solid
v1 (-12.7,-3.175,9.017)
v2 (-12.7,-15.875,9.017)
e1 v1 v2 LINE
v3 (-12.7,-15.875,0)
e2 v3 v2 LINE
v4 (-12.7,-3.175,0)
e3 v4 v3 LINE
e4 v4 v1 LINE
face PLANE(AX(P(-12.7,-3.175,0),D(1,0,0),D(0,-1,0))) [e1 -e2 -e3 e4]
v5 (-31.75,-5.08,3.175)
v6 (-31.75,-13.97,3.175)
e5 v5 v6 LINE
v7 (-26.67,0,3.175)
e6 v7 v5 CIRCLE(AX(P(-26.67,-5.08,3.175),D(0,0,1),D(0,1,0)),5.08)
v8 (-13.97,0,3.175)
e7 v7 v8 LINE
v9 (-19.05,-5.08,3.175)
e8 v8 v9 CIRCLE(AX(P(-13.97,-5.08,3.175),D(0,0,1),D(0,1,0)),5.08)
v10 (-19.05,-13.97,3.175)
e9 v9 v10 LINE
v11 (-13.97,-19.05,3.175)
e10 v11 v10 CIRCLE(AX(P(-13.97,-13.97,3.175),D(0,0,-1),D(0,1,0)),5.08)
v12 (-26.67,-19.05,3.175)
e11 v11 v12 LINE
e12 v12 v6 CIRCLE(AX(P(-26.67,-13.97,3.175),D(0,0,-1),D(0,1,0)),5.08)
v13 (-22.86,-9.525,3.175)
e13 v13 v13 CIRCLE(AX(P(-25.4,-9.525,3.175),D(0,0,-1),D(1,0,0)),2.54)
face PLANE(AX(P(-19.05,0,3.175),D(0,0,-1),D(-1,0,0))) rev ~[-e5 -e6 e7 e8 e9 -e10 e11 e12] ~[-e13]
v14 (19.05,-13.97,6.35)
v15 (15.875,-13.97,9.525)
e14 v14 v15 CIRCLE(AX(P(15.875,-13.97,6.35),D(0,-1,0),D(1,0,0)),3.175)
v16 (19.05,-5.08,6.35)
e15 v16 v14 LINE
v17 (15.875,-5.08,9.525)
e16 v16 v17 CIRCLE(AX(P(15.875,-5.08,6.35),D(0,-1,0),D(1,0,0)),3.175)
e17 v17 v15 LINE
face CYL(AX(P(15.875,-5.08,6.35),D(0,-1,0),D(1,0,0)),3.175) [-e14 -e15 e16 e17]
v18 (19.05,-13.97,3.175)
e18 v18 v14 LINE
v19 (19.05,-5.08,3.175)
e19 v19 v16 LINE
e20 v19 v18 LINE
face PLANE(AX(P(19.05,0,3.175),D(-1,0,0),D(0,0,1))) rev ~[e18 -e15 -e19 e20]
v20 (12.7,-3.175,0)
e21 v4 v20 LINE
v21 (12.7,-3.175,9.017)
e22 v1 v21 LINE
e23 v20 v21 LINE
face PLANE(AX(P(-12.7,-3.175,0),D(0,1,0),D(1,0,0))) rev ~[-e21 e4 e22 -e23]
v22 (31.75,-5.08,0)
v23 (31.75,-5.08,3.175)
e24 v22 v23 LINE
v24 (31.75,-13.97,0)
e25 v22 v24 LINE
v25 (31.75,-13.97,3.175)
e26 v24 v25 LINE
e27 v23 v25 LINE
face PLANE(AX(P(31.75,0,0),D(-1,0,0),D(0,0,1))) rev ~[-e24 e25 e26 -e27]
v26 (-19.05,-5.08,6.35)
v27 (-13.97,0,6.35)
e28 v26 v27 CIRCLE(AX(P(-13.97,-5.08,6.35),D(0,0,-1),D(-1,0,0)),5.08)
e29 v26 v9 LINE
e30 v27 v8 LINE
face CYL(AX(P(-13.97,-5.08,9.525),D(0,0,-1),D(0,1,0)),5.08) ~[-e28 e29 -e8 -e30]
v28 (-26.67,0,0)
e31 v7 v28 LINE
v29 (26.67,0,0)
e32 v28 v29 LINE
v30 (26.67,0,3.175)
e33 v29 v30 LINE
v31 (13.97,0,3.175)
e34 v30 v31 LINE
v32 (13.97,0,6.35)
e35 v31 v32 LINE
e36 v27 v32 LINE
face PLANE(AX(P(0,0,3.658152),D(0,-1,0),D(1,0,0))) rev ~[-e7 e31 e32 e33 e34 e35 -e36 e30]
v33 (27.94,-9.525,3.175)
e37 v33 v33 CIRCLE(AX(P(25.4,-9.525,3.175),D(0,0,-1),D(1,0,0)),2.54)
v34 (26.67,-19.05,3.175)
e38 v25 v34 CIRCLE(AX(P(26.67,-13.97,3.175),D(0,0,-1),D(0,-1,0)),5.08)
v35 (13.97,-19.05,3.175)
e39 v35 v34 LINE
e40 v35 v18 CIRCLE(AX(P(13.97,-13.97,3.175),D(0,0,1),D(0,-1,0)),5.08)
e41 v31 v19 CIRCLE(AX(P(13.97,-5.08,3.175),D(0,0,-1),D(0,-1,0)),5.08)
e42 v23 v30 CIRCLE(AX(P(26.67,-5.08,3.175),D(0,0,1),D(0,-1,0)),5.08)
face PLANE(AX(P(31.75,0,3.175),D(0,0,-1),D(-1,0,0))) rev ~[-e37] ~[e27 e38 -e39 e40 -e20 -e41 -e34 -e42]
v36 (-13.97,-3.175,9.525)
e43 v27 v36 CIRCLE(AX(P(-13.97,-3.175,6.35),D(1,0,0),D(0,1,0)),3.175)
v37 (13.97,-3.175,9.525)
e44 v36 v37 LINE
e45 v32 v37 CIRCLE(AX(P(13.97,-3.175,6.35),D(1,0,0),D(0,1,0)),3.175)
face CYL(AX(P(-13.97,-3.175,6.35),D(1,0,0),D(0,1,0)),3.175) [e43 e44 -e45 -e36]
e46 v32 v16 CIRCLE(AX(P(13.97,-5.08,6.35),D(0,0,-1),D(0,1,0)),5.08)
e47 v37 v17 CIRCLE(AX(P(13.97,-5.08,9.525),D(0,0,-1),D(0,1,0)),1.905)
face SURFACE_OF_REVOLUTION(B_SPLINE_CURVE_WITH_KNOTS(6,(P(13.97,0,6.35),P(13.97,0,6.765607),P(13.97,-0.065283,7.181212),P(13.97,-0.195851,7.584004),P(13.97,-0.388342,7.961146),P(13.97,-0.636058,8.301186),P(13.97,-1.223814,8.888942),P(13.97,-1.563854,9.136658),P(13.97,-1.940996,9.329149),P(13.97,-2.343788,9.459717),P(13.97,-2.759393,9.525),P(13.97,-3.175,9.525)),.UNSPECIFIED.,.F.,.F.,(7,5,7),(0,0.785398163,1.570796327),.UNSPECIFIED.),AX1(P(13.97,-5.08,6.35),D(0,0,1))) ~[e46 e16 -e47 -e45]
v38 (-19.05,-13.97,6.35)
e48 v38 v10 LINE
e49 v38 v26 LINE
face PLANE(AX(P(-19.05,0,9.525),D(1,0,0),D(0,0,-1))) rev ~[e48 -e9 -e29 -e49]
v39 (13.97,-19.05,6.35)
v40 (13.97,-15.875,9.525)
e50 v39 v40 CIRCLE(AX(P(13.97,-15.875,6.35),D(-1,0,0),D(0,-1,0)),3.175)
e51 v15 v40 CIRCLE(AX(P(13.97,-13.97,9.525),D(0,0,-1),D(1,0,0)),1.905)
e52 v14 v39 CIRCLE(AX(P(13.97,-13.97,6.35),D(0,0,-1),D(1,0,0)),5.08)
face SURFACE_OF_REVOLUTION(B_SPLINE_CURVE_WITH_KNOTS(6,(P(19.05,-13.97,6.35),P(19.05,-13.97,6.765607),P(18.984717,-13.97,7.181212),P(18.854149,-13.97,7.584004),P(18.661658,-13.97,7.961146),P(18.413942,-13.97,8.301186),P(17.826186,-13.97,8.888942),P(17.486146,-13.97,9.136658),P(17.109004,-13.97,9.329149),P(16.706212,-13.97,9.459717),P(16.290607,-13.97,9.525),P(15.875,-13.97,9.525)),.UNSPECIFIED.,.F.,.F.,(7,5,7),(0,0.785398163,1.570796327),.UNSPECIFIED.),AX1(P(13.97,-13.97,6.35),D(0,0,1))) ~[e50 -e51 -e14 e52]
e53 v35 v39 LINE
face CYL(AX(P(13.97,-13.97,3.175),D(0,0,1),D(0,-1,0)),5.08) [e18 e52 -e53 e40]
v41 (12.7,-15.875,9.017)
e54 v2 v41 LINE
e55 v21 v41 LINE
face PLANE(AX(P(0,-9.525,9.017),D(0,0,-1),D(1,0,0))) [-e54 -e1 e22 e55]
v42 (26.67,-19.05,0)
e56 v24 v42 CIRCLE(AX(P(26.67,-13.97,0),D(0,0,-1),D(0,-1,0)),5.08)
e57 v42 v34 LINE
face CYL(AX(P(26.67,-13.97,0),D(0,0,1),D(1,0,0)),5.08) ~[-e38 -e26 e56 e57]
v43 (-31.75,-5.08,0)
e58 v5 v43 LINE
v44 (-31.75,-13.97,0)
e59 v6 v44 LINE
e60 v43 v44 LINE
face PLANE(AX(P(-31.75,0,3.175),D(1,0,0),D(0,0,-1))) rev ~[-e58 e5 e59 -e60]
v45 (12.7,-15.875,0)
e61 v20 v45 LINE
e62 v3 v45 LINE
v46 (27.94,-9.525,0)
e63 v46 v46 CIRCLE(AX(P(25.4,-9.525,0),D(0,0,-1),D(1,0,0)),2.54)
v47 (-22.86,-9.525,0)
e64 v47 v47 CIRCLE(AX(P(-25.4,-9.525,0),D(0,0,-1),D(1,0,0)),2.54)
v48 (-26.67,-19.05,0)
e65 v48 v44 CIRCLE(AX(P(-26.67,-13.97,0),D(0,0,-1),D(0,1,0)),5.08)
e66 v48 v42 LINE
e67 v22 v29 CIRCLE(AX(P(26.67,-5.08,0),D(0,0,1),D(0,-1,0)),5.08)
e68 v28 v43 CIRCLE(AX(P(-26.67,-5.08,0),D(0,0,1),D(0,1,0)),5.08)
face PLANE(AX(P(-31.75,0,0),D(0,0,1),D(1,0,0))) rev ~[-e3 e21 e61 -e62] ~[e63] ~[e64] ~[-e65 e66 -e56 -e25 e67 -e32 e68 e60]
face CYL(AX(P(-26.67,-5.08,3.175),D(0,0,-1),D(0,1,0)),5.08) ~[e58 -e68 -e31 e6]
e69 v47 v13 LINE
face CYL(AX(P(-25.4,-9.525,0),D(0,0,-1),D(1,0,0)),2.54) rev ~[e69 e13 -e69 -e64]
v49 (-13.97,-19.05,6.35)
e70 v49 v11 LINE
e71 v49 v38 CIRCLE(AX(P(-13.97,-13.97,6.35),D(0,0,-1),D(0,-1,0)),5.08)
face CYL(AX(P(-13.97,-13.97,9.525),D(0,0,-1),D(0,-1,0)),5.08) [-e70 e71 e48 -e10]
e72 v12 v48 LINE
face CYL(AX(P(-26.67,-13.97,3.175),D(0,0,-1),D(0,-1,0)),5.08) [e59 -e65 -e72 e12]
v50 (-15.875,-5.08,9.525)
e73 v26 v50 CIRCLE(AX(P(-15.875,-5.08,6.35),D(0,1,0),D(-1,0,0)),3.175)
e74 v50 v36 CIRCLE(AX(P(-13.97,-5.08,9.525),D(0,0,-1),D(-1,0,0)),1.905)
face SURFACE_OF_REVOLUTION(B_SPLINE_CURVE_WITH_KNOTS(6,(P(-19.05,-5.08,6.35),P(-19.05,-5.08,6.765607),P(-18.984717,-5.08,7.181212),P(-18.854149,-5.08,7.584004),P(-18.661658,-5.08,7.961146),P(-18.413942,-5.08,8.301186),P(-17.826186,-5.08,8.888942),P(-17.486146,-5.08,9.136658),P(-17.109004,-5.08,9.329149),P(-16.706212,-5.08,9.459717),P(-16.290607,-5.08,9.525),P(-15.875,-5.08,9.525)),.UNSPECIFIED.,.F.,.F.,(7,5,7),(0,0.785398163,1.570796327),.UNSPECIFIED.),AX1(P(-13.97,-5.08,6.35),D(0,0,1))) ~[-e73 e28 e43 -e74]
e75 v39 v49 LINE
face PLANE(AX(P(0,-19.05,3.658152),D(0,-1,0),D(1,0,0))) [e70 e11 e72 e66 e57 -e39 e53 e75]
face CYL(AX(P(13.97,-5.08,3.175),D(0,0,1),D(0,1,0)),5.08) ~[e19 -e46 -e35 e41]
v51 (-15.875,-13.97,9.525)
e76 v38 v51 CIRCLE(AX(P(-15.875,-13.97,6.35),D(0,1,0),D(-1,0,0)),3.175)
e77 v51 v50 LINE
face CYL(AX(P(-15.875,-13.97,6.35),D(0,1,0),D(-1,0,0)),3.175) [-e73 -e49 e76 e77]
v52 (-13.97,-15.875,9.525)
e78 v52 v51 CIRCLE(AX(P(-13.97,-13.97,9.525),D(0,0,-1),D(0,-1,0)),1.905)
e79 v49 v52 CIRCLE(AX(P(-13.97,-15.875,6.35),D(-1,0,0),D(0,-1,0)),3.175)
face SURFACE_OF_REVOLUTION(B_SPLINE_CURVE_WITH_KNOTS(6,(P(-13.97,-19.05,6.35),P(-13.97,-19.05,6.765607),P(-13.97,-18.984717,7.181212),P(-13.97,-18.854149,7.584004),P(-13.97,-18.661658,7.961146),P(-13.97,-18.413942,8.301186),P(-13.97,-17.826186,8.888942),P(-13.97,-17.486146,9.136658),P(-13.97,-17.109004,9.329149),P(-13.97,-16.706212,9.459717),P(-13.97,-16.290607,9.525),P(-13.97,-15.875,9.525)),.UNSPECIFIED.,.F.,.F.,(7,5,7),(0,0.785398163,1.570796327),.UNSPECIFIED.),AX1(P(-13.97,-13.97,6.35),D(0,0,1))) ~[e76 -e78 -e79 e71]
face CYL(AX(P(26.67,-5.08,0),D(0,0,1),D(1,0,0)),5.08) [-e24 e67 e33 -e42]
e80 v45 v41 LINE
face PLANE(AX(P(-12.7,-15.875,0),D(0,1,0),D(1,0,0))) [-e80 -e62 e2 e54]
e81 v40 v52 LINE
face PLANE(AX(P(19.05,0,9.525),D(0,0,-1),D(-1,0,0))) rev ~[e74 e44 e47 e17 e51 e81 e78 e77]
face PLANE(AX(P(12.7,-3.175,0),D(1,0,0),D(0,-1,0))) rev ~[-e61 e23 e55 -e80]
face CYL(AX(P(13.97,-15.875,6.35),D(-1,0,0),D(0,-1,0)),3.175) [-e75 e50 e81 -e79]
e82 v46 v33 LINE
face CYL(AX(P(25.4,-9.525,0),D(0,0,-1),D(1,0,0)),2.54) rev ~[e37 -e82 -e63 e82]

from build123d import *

# Parameters (mm, degrees)
F1_DEPTH = 19.05
F2_R     = 2.54
F3_DEPTH = 25.4
F4_R     = 5.08
F5_R     = 3.175
F6_W     = 25.4
F6_H     = 12.7
F7_DEPTH = 9.017


with BuildPart() as f1:
    # F0 (on Front) → F1 (new body)
    with BuildSketch(Plane.XZ):
        Polygon((-12.7, 0), (0, 0), (12.7, 0), (31.75, 0), (31.75, 3.175), (19.05, 3.175), (19.05, 9.525), (-19.05, 9.525), (-19.05, 3.175), (-31.75, 3.175), (-31.75, 0), align=None)
    extrude(amount=F1_DEPTH)

    # F2 (on face) → F3 (cut)
    with BuildSketch(Plane(origin=(0, 0, 0), x_dir=(1, 0, 0), z_dir=(0, 0, -1))):
        with Locations((-25.4, 9.525)):
            Circle(F2_R)
        with Locations((25.4, 9.525)):
            Circle(F2_R)
    extrude(amount=-F3_DEPTH, mode=Mode.SUBTRACT)

    # F4
    f4_edges = [f1.edges().sort_by_distance(p)[0] for p in [
        (-31.75, -19.05, 1.5875),
        (31.75, -19.05, 1.5875),
        (31.75, 0, 1.5875),
        (-31.75, 0, 1.5875),
        (19.05, 0, 6.35),
        (-19.05, 0, 6.35),
        (19.05, -19.05, 6.35),
        (-19.05, -19.05, 6.35),
    ]]
    fillet(f4_edges, radius=F4_R)

    # F5
    f5_edges = [f1.edges().sort_by_distance(p)[0] for p in [
        (-17.562102, -17.562102, 9.525),
    ]]
    fillet(f5_edges, radius=F5_R)

    # F6 (on face) → F7 (cut)
    with BuildSketch(Plane(origin=(0, 0, 0), x_dir=(1, 0, 0), z_dir=(0, 0, -1))):
        with Locations((0, 9.525)):
            Rectangle(F6_W, F6_H)
    extrude(amount=-F7_DEPTH, mode=Mode.SUBTRACT)


solid = f1.part
